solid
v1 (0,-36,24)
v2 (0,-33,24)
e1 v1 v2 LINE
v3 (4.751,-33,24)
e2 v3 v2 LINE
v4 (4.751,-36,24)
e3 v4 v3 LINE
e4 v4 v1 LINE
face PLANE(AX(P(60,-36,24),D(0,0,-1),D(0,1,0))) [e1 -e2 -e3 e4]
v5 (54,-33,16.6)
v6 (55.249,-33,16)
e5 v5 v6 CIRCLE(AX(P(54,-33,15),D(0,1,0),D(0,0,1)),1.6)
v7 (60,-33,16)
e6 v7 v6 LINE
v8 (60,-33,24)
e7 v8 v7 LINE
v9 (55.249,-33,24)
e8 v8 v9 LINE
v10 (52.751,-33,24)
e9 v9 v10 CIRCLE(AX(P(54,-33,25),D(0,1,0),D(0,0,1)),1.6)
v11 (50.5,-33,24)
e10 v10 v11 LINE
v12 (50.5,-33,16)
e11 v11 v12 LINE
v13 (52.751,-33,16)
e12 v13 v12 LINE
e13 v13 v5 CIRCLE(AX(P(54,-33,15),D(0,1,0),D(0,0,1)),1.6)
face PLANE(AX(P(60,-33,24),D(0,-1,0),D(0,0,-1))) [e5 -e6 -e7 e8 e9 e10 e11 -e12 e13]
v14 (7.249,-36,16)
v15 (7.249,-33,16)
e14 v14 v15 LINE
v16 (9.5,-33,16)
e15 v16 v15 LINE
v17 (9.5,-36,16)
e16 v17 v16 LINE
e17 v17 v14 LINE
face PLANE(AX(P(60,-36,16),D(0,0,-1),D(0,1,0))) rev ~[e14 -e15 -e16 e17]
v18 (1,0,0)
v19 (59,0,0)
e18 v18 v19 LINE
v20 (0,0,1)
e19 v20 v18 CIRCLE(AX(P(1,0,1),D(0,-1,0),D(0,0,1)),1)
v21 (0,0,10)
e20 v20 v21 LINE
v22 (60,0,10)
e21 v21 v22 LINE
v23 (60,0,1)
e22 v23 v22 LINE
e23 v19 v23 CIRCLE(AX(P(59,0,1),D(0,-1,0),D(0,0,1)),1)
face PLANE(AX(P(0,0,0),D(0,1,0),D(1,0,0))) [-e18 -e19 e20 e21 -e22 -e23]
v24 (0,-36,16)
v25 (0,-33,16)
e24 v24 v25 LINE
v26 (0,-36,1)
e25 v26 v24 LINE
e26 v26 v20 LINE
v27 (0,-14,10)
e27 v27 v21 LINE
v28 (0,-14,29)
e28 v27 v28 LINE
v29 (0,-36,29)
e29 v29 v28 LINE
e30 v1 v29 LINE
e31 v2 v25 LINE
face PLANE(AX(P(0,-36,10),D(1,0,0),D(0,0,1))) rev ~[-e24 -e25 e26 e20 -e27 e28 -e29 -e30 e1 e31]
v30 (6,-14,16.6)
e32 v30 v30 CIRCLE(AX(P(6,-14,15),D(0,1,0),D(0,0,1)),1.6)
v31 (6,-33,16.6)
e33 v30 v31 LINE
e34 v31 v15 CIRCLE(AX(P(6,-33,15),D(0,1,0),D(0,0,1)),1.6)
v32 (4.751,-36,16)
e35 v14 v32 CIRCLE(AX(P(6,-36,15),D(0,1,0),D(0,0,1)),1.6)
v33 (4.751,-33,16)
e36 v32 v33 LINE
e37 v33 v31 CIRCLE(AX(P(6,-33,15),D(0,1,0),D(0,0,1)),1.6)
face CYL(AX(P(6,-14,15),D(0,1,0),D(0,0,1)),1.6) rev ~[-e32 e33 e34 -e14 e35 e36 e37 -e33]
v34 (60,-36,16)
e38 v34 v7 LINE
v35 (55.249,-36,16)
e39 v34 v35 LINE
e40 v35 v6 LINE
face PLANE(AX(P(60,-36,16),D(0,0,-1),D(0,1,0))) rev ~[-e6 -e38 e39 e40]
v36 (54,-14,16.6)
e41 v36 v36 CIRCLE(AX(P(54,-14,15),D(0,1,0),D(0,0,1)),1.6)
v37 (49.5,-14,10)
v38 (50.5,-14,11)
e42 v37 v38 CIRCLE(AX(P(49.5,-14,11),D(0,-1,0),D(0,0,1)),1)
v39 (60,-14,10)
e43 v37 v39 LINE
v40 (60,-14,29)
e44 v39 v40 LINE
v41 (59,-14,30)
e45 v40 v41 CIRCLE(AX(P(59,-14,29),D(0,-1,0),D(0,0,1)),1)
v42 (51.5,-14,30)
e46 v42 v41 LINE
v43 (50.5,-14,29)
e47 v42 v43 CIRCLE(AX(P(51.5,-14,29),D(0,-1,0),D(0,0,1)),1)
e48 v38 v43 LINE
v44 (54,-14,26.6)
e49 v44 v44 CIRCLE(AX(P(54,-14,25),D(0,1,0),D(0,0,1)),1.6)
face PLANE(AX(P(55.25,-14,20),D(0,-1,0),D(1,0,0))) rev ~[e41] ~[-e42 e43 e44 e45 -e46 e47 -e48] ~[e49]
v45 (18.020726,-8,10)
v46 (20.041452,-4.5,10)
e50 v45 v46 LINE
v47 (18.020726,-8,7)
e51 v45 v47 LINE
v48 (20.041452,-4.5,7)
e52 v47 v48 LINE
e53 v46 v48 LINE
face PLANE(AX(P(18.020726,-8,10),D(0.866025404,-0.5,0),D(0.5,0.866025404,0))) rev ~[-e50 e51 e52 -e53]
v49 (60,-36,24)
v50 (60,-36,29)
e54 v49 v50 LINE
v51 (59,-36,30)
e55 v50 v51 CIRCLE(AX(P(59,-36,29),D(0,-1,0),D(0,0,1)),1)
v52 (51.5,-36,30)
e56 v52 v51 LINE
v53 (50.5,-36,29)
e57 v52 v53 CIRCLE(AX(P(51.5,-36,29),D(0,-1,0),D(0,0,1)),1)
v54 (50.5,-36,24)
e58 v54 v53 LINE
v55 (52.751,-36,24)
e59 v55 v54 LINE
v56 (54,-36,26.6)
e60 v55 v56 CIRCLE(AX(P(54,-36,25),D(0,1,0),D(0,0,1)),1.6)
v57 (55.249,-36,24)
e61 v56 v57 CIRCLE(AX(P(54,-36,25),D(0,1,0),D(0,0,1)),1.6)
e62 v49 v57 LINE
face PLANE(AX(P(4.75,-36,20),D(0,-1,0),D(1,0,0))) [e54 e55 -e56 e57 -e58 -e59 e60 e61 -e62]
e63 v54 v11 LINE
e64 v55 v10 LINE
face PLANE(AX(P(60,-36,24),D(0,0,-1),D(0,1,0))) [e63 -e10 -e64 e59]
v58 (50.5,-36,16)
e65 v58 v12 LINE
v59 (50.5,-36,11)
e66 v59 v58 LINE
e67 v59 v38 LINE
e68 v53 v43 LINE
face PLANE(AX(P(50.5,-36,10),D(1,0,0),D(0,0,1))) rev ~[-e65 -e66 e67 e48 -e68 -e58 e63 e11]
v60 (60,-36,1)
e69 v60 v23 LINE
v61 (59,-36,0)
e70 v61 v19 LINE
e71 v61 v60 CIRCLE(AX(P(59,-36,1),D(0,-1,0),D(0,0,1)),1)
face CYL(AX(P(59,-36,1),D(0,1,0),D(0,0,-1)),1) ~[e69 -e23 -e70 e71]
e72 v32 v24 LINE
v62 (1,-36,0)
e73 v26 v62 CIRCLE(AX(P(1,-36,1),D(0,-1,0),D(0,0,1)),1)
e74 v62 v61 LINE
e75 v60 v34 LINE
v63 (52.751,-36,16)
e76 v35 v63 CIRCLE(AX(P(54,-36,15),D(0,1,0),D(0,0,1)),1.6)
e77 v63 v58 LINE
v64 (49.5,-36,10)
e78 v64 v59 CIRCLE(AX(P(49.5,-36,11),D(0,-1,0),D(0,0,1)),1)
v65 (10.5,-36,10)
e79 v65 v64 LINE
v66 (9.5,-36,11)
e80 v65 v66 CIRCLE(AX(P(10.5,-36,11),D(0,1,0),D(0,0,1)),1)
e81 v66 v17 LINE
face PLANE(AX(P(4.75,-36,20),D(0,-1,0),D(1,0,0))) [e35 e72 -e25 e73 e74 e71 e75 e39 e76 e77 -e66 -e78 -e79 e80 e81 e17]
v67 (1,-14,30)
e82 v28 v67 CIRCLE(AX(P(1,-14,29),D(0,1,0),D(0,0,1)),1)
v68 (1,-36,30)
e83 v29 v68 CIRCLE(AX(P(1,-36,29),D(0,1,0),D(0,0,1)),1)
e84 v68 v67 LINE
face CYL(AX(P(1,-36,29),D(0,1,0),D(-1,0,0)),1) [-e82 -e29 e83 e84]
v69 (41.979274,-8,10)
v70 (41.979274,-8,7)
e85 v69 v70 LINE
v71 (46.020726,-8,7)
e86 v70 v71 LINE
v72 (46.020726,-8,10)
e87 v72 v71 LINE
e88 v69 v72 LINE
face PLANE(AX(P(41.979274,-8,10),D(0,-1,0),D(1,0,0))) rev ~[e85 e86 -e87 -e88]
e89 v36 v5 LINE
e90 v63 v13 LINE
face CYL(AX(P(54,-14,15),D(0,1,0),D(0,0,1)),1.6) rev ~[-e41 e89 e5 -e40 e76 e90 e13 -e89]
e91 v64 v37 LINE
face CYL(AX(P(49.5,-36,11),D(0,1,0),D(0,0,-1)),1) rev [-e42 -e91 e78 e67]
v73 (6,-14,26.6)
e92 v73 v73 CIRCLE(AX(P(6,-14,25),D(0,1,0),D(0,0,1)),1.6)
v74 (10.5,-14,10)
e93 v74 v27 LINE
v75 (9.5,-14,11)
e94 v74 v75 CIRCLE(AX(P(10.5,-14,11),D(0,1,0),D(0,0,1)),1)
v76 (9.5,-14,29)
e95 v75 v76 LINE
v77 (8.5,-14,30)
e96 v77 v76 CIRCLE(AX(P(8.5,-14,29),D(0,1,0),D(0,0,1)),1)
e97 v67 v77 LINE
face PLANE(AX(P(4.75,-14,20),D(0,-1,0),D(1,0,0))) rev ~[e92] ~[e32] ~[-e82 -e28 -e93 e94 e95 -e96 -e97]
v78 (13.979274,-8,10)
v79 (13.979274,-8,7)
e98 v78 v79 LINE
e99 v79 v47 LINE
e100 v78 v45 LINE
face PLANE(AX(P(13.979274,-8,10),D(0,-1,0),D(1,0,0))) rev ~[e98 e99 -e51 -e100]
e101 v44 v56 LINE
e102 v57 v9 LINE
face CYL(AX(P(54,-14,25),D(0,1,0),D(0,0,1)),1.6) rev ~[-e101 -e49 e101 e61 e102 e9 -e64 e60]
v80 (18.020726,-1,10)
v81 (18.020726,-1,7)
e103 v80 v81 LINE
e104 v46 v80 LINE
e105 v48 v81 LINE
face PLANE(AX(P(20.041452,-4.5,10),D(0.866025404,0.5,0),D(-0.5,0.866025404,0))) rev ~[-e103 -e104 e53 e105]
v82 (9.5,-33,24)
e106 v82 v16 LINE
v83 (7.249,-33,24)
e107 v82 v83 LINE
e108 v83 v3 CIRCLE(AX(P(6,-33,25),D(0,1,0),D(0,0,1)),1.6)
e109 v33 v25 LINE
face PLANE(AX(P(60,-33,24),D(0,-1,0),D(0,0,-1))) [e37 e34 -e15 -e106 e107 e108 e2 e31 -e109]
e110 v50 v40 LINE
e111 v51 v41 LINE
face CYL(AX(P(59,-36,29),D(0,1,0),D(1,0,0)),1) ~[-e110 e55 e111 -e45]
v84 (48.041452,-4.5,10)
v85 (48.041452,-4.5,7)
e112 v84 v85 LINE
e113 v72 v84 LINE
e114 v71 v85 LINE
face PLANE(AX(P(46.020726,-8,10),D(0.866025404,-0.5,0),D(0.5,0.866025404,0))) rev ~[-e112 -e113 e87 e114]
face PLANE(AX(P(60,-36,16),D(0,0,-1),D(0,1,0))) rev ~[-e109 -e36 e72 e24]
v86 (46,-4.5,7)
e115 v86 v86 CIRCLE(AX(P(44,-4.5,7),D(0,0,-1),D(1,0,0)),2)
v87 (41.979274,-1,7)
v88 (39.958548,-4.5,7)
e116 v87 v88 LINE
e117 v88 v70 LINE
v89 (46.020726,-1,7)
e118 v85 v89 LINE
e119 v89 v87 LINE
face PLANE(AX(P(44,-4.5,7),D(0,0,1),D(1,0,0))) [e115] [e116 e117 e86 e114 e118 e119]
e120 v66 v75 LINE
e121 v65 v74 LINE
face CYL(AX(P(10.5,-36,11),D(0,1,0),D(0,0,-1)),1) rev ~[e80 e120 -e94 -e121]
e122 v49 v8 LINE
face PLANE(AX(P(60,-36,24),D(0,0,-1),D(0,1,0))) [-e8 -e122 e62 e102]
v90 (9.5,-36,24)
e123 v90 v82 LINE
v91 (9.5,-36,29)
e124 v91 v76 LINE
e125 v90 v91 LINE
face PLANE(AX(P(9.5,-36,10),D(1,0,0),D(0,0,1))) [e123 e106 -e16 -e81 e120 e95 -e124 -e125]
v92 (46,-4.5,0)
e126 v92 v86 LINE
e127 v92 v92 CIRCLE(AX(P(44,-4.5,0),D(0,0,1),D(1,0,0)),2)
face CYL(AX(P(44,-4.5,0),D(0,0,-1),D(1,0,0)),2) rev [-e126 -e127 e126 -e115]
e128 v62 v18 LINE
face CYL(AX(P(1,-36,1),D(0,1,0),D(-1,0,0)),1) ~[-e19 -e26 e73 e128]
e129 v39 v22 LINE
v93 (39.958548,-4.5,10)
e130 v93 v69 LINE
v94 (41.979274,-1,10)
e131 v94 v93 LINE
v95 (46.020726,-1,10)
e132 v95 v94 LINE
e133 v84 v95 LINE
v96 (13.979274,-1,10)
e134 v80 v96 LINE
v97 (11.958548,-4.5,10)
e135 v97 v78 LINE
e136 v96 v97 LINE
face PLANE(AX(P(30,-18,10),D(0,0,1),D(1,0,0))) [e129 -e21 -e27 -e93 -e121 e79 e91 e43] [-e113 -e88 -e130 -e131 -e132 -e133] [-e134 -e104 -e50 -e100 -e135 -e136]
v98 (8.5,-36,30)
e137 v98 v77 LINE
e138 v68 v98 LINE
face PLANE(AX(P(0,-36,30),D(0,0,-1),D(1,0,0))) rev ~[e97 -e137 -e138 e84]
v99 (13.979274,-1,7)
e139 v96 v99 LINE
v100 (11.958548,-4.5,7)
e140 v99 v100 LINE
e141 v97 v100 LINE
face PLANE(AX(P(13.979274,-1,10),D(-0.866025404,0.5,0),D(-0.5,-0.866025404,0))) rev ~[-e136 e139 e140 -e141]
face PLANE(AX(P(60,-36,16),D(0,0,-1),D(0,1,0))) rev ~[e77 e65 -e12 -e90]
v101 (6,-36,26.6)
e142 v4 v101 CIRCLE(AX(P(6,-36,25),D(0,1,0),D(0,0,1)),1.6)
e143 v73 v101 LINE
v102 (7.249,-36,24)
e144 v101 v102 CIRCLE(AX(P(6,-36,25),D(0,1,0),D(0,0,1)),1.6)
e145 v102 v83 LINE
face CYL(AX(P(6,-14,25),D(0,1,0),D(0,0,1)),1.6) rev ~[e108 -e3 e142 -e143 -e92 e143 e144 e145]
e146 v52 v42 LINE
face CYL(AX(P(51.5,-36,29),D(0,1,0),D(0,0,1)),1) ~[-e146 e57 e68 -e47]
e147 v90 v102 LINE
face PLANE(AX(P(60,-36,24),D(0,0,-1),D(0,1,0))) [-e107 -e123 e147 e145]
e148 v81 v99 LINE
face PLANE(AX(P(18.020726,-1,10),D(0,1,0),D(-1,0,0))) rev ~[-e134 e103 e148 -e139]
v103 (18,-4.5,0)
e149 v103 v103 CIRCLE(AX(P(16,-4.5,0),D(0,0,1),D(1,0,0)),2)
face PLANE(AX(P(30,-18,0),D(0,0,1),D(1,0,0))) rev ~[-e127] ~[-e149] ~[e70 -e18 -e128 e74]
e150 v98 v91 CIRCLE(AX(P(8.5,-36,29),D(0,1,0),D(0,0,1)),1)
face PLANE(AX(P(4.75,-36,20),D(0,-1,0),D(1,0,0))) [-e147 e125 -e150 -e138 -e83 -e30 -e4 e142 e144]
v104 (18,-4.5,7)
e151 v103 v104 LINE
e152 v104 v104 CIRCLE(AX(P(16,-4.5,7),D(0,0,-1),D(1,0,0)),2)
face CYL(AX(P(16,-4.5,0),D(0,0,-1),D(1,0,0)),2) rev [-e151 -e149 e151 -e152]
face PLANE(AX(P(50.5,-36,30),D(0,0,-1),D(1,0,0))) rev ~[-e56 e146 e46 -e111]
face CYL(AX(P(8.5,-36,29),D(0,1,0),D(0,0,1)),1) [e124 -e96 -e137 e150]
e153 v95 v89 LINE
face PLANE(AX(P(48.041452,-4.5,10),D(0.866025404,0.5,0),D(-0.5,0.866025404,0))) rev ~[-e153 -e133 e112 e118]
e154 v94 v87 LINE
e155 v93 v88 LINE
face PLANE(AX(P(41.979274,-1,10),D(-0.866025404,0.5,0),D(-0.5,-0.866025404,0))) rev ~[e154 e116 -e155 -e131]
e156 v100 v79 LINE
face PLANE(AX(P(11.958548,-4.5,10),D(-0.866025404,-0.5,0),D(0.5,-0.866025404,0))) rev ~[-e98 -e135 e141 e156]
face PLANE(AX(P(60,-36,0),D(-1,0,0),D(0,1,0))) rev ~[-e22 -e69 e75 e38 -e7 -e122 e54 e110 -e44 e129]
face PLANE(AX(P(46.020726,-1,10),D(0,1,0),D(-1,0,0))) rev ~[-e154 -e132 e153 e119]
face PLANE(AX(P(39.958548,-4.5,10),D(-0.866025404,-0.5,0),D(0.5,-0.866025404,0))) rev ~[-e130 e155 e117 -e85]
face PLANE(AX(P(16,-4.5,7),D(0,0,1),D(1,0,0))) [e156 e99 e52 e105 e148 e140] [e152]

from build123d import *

# Parameters (mm, degrees)
SKETCH1_W           = 60
SKETCH1_H           = 36
SKETCH1_R           = 2
BOSS_EXTRUDE1_DEPTH = 10
SKETCH2_W           = 9.5
SKETCH2_H           = 20
BOSS_EXTRUDE2_DEPTH = 22
CUT_EXTRUDE1_REACH  = 72.597
SKETCH3_R           = 1.6
CUT_EXTRUDE2_DEPTH  = 3
LPATTERN1_COUNT     = 2
LPATTERN1_PITCH     = 28
FILLET1_R           = 1
SKETCH6_W           = 8
SKETCH6_H           = 3
CUT_EXTRUDE3_DEPTH  = 77.131465243


with BuildPart() as part:
    # Sketch1 → Boss-Extrude1 (new body)
    with BuildSketch(Plane.XY):
        with Locations((30, -18)):
            Rectangle(SKETCH1_W, SKETCH1_H)
        with Locations((16, -4.5)):
            Circle(SKETCH1_R, mode=Mode.SUBTRACT)
        with Locations((44, -4.5)):
            Circle(SKETCH1_R, mode=Mode.SUBTRACT)
    extrude(amount=BOSS_EXTRUDE1_DEPTH)

    # Sketch2 → Boss-Extrude2 (add)
    with BuildSketch(Plane.XZ.offset(36)):
        with Locations((4.75, 20)):
            Rectangle(SKETCH2_W, SKETCH2_H)
        with Locations((55.25, 20)):
            Rectangle(SKETCH2_W, SKETCH2_H)
    extrude(amount=-BOSS_EXTRUDE2_DEPTH)

    # Sketch3 → Cut-Extrude1 (cut, up to next)
    with BuildSketch(Plane(origin=(0, -14, 0), x_dir=(1, 0, 0), z_dir=(0, 1, 0)), mode=Mode.PRIVATE) as cut_extrude1_sk1:
        with Locations(Location((6, -15, 0), (0, 0, 270))):
            Circle(SKETCH3_R)
    cut_extrude1_tool1 = extrude(cut_extrude1_sk1.sketch, amount=-CUT_EXTRUDE1_REACH, mode=Mode.PRIVATE) & part.part
    # Sketch3 → Cut-Extrude1 (cut, up to next)
    with BuildSketch(Plane(origin=(0, -14, 0), x_dir=(1, 0, 0), z_dir=(0, 1, 0)), mode=Mode.PRIVATE) as cut_extrude1_sk2:
        with Locations(Location((54, -15, 0), (0, 0, 270))):
            Circle(SKETCH3_R)
    cut_extrude1_tool2 = extrude(cut_extrude1_sk2.sketch, amount=-CUT_EXTRUDE1_REACH, mode=Mode.PRIVATE) & part.part
    # Sketch3 → Cut-Extrude1 (cut, up to next)
    with BuildSketch(Plane(origin=(0, -14, 0), x_dir=(1, 0, 0), z_dir=(0, 1, 0)), mode=Mode.PRIVATE) as cut_extrude1_sk3:
        with Locations(Location((54, -25, 0), (0, 0, 270))):
            Circle(SKETCH3_R)
    cut_extrude1_tool3 = extrude(cut_extrude1_sk3.sketch, amount=-CUT_EXTRUDE1_REACH, mode=Mode.PRIVATE) & part.part
    # Sketch3 → Cut-Extrude1 (cut, up to next)
    with BuildSketch(Plane(origin=(0, -14, 0), x_dir=(1, 0, 0), z_dir=(0, 1, 0)), mode=Mode.PRIVATE) as cut_extrude1_sk4:
        with Locations(Location((6, -25, 0), (0, 0, 270))):
            Circle(SKETCH3_R)
    cut_extrude1_tool4 = extrude(cut_extrude1_sk4.sketch, amount=-CUT_EXTRUDE1_REACH, mode=Mode.PRIVATE) & part.part
    add(cut_extrude1_tool1.solids().sort_by_distance((6, -14, 15))[0], mode=Mode.SUBTRACT)
    add(cut_extrude1_tool2.solids().sort_by_distance((54, -14, 15))[0], mode=Mode.SUBTRACT)
    add(cut_extrude1_tool3.solids().sort_by_distance((54, -14, 25))[0], mode=Mode.SUBTRACT)
    add(cut_extrude1_tool4.solids().sort_by_distance((6, -14, 25))[0], mode=Mode.SUBTRACT)

    # Sketch4 → Cut-Extrude2 (cut)
    with BuildSketch(Plane.XY.offset(10)):
        Polygon((13.979274058, -1), (11.958548116, -4.5), (13.979274058, -8), (18.020725942, -8), (20.041451884, -4.5), (18.020725942, -1), align=None)
    cut_extrude2 = extrude(amount=-CUT_EXTRUDE2_DEPTH, mode=Mode.SUBTRACT)

    # LPattern1: Cut-Extrude2 ×2
    with Locations(*[(i * LPATTERN1_PITCH, 0, 0) for i in range(1, LPATTERN1_COUNT)]):
        add(cut_extrude2, mode=Mode.SUBTRACT)

    # Fillet1
    fillet1_edges = [part.edges().sort_by_distance(p)[0] for p in [
        (0, -25, 30),
        (9.5, -25, 30),
        (9.5, -25, 10),
        (60, -25, 30),
        (50.5, -25, 10),
        (50.5, -25, 30),
        (60, -18, 0),
        (0, -18, 0),
    ]]
    fillet(fillet1_edges, radius=FILLET1_R)

    # Sketch6 → Cut-Extrude3 (cut, through all)
    with BuildSketch(Plane(origin=(60, 0, 0), x_dir=(0, 0, -1), z_dir=(1, 0, 0))):
        with Locations((-20, -34.5)):
            Rectangle(SKETCH6_W, SKETCH6_H)
    extrude(amount=-CUT_EXTRUDE3_DEPTH, mode=Mode.SUBTRACT)


solid = part.part
